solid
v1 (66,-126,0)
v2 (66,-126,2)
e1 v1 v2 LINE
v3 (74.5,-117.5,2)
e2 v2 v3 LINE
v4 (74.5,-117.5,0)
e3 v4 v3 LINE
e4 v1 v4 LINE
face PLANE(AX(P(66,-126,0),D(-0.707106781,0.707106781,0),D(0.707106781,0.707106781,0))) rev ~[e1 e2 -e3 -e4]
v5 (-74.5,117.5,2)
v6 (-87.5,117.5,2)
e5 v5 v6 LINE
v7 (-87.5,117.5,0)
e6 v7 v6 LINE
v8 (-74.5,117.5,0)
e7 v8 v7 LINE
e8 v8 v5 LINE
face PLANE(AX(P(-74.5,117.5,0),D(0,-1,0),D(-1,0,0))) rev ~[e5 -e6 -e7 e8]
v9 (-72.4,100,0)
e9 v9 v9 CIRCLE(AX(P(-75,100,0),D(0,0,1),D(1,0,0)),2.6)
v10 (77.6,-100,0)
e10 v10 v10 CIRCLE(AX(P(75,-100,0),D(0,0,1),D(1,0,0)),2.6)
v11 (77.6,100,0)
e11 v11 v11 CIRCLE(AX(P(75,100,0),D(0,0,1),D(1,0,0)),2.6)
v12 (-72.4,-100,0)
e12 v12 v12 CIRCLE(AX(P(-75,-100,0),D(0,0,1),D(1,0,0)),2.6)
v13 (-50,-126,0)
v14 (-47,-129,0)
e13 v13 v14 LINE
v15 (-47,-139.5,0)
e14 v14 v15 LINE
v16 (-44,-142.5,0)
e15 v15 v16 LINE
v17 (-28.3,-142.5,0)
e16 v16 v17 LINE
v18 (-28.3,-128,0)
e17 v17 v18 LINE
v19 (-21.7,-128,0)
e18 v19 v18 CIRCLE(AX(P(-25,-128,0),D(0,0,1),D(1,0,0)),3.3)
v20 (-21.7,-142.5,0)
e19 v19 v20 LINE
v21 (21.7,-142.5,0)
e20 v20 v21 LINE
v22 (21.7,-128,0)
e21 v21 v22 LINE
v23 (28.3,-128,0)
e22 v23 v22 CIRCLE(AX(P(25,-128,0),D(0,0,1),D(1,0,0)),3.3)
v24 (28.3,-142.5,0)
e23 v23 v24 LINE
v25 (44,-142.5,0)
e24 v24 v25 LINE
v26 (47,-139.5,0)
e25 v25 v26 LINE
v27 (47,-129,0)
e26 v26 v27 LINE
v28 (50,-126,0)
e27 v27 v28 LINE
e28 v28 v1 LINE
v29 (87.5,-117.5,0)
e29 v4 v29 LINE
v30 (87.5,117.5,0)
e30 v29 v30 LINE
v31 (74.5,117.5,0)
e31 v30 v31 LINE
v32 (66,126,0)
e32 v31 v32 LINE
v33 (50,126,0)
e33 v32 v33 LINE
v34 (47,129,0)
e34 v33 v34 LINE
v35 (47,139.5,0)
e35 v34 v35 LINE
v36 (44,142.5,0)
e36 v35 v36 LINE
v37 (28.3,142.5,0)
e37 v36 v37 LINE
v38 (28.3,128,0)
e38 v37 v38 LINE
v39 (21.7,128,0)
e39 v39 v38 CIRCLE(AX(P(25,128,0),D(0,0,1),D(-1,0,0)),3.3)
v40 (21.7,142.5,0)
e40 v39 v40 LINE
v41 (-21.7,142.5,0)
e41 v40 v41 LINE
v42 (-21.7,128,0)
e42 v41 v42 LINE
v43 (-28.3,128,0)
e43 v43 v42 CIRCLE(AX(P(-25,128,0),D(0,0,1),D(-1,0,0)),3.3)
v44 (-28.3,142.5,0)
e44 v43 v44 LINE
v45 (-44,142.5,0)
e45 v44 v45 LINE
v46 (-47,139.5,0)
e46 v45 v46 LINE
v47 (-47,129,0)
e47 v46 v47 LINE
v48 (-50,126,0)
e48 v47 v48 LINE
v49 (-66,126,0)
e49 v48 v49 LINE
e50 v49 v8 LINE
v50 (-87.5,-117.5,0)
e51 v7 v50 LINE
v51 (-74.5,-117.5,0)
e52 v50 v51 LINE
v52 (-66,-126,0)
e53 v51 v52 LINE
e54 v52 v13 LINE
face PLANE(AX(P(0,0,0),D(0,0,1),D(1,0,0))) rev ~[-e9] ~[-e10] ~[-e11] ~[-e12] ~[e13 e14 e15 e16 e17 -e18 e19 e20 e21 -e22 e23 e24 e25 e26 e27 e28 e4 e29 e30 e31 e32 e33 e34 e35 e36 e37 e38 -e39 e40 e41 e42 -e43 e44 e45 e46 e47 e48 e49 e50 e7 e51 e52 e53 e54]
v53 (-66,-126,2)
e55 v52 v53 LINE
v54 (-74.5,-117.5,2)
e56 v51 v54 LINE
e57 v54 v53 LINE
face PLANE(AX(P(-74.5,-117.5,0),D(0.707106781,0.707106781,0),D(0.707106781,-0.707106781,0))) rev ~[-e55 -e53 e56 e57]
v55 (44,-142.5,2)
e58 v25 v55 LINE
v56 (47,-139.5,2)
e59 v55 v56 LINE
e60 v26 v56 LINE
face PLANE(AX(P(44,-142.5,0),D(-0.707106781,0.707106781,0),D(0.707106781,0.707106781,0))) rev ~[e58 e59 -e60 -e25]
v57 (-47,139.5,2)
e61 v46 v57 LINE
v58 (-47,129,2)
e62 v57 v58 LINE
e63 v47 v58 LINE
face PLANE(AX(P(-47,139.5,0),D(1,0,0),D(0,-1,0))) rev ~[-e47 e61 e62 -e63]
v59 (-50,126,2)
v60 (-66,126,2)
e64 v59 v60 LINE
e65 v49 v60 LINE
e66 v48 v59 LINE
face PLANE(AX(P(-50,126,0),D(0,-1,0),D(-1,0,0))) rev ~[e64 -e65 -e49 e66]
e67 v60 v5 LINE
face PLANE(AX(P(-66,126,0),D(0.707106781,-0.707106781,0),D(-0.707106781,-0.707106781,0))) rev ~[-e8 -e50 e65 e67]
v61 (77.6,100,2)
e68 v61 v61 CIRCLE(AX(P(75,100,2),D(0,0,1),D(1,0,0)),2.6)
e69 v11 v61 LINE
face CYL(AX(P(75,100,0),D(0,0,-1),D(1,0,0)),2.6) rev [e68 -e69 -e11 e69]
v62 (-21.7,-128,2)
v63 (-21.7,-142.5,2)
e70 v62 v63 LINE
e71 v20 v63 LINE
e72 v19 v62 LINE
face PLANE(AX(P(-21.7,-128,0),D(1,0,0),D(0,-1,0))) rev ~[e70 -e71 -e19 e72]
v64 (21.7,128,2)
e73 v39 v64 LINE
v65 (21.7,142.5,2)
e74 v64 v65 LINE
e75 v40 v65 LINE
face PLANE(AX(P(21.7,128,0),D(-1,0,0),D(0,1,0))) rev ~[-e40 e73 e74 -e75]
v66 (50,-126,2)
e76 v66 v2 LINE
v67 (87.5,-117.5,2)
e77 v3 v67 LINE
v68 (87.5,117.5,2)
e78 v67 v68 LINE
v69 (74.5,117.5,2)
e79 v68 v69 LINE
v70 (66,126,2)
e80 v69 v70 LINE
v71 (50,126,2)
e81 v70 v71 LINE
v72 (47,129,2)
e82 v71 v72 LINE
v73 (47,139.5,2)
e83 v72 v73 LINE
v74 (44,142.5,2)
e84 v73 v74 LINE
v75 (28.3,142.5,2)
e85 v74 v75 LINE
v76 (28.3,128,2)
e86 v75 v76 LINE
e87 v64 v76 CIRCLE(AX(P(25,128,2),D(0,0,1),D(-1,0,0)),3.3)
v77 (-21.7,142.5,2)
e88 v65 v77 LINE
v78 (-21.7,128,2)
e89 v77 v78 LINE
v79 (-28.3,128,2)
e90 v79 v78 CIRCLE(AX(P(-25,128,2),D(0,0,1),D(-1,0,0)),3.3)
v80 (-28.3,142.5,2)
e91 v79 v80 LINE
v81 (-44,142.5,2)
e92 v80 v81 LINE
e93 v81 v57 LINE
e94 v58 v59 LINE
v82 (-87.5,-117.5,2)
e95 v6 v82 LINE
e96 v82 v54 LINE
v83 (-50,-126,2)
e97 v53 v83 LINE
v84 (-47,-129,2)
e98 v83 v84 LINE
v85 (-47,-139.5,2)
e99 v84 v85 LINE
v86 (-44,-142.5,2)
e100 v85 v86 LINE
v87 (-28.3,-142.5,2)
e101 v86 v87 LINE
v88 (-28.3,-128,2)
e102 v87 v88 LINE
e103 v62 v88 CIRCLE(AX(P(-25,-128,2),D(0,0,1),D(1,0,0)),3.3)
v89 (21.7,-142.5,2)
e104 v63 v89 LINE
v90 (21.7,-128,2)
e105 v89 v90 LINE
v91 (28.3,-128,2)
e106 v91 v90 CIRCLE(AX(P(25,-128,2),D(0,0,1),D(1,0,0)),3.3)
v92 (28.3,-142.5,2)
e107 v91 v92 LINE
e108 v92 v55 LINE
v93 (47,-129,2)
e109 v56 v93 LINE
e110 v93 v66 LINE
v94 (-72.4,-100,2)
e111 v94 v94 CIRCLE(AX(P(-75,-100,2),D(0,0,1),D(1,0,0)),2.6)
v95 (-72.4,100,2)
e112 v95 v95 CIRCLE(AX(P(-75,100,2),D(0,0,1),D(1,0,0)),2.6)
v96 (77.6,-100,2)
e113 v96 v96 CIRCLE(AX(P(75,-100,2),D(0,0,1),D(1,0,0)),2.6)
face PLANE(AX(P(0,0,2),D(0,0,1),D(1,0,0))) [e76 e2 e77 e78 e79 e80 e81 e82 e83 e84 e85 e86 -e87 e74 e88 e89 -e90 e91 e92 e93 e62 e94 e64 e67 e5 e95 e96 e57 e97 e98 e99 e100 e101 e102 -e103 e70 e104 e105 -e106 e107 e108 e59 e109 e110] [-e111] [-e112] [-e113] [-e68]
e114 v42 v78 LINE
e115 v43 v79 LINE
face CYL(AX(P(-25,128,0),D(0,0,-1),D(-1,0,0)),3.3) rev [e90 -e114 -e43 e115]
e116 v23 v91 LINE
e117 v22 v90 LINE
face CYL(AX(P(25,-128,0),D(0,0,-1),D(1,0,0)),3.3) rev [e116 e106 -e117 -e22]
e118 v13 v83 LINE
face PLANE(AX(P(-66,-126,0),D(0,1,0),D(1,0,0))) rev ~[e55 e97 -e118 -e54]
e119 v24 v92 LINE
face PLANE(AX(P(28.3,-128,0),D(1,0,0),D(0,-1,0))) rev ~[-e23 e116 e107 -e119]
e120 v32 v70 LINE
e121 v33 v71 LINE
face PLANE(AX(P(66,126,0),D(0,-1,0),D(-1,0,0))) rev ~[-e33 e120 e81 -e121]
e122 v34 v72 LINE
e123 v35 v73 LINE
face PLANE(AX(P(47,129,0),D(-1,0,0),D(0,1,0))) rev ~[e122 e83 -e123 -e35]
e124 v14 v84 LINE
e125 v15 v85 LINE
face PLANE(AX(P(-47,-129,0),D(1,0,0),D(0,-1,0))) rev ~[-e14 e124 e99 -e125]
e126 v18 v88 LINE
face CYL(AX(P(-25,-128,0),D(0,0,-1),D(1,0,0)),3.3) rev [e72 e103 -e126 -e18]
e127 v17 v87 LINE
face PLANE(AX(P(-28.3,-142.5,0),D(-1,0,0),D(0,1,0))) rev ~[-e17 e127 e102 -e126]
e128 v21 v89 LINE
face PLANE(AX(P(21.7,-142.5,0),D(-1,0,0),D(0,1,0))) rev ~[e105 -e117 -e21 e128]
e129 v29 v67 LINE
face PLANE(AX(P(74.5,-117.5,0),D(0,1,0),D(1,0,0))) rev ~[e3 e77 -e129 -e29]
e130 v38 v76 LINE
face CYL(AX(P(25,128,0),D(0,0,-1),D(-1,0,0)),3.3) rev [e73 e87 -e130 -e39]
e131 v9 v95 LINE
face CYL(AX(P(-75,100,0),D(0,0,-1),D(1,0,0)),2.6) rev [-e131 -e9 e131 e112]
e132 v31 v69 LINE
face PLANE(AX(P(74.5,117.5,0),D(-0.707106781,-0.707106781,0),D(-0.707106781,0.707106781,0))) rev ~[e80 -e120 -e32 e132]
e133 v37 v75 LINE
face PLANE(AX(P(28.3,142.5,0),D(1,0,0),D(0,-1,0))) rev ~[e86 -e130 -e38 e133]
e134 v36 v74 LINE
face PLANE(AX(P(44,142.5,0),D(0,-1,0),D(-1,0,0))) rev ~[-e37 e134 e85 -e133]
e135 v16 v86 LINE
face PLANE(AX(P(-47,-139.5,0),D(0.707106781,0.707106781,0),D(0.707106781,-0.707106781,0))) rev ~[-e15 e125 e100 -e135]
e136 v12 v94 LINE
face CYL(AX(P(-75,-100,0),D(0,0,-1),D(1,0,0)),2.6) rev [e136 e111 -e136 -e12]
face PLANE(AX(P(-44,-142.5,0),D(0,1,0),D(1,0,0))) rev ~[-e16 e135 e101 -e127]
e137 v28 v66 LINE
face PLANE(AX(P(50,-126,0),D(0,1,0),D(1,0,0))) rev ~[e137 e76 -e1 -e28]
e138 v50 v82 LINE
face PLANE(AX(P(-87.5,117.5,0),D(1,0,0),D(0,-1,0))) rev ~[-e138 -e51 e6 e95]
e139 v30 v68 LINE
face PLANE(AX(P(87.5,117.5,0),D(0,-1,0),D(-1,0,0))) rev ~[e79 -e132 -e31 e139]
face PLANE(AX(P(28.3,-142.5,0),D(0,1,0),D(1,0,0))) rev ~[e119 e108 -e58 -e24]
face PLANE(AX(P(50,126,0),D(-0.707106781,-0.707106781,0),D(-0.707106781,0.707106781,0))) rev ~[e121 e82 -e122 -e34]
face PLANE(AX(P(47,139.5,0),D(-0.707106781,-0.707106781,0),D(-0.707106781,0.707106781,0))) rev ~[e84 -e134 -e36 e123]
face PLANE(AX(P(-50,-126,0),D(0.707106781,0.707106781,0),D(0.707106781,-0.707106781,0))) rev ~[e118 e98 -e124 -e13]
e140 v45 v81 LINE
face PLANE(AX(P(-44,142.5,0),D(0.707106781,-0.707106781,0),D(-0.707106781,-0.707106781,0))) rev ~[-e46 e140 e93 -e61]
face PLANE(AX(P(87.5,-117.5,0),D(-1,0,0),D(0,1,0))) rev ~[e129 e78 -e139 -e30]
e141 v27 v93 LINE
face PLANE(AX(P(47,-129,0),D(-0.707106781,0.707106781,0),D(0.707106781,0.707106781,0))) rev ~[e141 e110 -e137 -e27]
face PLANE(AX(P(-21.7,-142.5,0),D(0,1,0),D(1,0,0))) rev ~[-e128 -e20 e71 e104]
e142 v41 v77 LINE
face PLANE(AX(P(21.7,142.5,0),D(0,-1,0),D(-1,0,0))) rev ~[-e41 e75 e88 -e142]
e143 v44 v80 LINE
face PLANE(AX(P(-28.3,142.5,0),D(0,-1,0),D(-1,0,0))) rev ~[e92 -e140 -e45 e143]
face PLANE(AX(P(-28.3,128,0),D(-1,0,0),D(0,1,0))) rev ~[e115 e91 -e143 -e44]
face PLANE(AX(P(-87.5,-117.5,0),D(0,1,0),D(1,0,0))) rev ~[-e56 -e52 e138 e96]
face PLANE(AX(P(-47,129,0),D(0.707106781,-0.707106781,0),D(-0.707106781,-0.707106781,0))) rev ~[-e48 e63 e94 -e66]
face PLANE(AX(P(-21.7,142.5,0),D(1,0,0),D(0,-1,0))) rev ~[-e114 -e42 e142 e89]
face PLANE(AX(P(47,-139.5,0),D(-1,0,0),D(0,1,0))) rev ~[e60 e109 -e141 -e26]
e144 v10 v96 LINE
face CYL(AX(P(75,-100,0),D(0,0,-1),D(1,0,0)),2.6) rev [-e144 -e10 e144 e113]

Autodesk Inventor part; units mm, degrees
sketch "Sketch_7" plane through (0, 0, 0) normal (0, 0, 1) x (1, 0, 0)
  line L0 (-87.5, 117.5) -> (-87.5, -117.5)
  line L1 (-87.5, -117.5) -> (-74.5, -117.5)
  line L2 (-74.5, -117.5) -> (-66, -126)
  line L3 (-66, -126) -> (-50, -126)
  line L4 (-50, -126) -> (-47, -129)
  line L5 (-47, -129) -> (-47, -139.5)
  line L6 (-47, -139.5) -> (-44, -142.5)
  line L7 (-44, -142.5) -> (-28.3, -142.5)
  line L8 (-28.3, -142.5) -> (-28.3, -128)
  arc A0 (-21.7, -128) -> (-28.3, -128) centre (-25, -128) ccw
  line L9 (-21.7, -128) -> (-21.7, -142.5)
  line L10 (-21.7, -142.5) -> (21.7, -142.5)
  line L11 (21.7, -142.5) -> (21.7, -128)
  arc A1 (28.3, -128) -> (21.7, -128) centre (25, -128) ccw
  line L12 (28.3, -128) -> (28.3, -142.5)
  line L13 (28.3, -142.5) -> (44, -142.5)
  line L14 (44, -142.5) -> (47, -139.5)
  line L15 (47, -139.5) -> (47, -129)
  line L16 (47, -129) -> (50, -126)
  line L17 (50, -126) -> (66, -126)
  line L18 (66, -126) -> (74.5, -117.5)
  line L19 (74.5, -117.5) -> (87.5, -117.5)
  line L20 (87.5, -117.5) -> (87.5, 117.5)
  line L21 (87.5, 117.5) -> (74.5, 117.5)
  line L22 (74.5, 117.5) -> (66, 126)
  line L23 (66, 126) -> (50, 126)
  line L24 (50, 126) -> (47, 129)
  line L25 (47, 129) -> (47, 139.5)
  line L26 (47, 139.5) -> (44, 142.5)
  line L27 (44, 142.5) -> (28.3, 142.5)
  line L28 (28.3, 142.5) -> (28.3, 128)
  arc A2 (21.7, 128) -> (28.3, 128) centre (25, 128) ccw
  line L29 (21.7, 128) -> (21.7, 142.5)
  line L30 (21.7, 142.5) -> (-21.7, 142.5)
  line L31 (-21.7, 142.5) -> (-21.7, 128)
  arc A3 (-28.3, 128) -> (-21.7, 128) centre (-25, 128) ccw
  line L32 (-28.3, 128) -> (-28.3, 142.5)
  line L33 (-28.3, 142.5) -> (-44, 142.5)
  line L34 (-44, 142.5) -> (-47, 139.5)
  line L35 (-47, 139.5) -> (-47, 129)
  line L36 (-47, 129) -> (-50, 126)
  line L37 (-50, 126) -> (-66, 126)
  line L38 (-66, 126) -> (-74.5, 117.5)
  line L39 (-74.5, 117.5) -> (-87.5, 117.5)
  circle A4 centre (75, 100) radius 2.6
  circle A5 centre (75, -100) radius 2.6
  circle A6 centre (-75, 100) radius 2.6
  circle A7 centre (-75, -100) radius 2.6
extrude "Extrusion1" add sketch "Sketch_7" along normal blind 2
ref_plane "MONTAGEPLATTE_XY" through (0, 0, 0) normal (0, 0, 1) x (1, 0, 0)
ref_plane "MONTAGEPLATTE_YZ" through (0, 0, 0) normal (1, 0, 0) x (0, 1, 0)
ref_plane "MONTAGEPLATTE_ZX" through (0, 0, 0) normal (0, 1, 0) x (0, 0, 1)
properties part number "1301.000_6_(1)"
